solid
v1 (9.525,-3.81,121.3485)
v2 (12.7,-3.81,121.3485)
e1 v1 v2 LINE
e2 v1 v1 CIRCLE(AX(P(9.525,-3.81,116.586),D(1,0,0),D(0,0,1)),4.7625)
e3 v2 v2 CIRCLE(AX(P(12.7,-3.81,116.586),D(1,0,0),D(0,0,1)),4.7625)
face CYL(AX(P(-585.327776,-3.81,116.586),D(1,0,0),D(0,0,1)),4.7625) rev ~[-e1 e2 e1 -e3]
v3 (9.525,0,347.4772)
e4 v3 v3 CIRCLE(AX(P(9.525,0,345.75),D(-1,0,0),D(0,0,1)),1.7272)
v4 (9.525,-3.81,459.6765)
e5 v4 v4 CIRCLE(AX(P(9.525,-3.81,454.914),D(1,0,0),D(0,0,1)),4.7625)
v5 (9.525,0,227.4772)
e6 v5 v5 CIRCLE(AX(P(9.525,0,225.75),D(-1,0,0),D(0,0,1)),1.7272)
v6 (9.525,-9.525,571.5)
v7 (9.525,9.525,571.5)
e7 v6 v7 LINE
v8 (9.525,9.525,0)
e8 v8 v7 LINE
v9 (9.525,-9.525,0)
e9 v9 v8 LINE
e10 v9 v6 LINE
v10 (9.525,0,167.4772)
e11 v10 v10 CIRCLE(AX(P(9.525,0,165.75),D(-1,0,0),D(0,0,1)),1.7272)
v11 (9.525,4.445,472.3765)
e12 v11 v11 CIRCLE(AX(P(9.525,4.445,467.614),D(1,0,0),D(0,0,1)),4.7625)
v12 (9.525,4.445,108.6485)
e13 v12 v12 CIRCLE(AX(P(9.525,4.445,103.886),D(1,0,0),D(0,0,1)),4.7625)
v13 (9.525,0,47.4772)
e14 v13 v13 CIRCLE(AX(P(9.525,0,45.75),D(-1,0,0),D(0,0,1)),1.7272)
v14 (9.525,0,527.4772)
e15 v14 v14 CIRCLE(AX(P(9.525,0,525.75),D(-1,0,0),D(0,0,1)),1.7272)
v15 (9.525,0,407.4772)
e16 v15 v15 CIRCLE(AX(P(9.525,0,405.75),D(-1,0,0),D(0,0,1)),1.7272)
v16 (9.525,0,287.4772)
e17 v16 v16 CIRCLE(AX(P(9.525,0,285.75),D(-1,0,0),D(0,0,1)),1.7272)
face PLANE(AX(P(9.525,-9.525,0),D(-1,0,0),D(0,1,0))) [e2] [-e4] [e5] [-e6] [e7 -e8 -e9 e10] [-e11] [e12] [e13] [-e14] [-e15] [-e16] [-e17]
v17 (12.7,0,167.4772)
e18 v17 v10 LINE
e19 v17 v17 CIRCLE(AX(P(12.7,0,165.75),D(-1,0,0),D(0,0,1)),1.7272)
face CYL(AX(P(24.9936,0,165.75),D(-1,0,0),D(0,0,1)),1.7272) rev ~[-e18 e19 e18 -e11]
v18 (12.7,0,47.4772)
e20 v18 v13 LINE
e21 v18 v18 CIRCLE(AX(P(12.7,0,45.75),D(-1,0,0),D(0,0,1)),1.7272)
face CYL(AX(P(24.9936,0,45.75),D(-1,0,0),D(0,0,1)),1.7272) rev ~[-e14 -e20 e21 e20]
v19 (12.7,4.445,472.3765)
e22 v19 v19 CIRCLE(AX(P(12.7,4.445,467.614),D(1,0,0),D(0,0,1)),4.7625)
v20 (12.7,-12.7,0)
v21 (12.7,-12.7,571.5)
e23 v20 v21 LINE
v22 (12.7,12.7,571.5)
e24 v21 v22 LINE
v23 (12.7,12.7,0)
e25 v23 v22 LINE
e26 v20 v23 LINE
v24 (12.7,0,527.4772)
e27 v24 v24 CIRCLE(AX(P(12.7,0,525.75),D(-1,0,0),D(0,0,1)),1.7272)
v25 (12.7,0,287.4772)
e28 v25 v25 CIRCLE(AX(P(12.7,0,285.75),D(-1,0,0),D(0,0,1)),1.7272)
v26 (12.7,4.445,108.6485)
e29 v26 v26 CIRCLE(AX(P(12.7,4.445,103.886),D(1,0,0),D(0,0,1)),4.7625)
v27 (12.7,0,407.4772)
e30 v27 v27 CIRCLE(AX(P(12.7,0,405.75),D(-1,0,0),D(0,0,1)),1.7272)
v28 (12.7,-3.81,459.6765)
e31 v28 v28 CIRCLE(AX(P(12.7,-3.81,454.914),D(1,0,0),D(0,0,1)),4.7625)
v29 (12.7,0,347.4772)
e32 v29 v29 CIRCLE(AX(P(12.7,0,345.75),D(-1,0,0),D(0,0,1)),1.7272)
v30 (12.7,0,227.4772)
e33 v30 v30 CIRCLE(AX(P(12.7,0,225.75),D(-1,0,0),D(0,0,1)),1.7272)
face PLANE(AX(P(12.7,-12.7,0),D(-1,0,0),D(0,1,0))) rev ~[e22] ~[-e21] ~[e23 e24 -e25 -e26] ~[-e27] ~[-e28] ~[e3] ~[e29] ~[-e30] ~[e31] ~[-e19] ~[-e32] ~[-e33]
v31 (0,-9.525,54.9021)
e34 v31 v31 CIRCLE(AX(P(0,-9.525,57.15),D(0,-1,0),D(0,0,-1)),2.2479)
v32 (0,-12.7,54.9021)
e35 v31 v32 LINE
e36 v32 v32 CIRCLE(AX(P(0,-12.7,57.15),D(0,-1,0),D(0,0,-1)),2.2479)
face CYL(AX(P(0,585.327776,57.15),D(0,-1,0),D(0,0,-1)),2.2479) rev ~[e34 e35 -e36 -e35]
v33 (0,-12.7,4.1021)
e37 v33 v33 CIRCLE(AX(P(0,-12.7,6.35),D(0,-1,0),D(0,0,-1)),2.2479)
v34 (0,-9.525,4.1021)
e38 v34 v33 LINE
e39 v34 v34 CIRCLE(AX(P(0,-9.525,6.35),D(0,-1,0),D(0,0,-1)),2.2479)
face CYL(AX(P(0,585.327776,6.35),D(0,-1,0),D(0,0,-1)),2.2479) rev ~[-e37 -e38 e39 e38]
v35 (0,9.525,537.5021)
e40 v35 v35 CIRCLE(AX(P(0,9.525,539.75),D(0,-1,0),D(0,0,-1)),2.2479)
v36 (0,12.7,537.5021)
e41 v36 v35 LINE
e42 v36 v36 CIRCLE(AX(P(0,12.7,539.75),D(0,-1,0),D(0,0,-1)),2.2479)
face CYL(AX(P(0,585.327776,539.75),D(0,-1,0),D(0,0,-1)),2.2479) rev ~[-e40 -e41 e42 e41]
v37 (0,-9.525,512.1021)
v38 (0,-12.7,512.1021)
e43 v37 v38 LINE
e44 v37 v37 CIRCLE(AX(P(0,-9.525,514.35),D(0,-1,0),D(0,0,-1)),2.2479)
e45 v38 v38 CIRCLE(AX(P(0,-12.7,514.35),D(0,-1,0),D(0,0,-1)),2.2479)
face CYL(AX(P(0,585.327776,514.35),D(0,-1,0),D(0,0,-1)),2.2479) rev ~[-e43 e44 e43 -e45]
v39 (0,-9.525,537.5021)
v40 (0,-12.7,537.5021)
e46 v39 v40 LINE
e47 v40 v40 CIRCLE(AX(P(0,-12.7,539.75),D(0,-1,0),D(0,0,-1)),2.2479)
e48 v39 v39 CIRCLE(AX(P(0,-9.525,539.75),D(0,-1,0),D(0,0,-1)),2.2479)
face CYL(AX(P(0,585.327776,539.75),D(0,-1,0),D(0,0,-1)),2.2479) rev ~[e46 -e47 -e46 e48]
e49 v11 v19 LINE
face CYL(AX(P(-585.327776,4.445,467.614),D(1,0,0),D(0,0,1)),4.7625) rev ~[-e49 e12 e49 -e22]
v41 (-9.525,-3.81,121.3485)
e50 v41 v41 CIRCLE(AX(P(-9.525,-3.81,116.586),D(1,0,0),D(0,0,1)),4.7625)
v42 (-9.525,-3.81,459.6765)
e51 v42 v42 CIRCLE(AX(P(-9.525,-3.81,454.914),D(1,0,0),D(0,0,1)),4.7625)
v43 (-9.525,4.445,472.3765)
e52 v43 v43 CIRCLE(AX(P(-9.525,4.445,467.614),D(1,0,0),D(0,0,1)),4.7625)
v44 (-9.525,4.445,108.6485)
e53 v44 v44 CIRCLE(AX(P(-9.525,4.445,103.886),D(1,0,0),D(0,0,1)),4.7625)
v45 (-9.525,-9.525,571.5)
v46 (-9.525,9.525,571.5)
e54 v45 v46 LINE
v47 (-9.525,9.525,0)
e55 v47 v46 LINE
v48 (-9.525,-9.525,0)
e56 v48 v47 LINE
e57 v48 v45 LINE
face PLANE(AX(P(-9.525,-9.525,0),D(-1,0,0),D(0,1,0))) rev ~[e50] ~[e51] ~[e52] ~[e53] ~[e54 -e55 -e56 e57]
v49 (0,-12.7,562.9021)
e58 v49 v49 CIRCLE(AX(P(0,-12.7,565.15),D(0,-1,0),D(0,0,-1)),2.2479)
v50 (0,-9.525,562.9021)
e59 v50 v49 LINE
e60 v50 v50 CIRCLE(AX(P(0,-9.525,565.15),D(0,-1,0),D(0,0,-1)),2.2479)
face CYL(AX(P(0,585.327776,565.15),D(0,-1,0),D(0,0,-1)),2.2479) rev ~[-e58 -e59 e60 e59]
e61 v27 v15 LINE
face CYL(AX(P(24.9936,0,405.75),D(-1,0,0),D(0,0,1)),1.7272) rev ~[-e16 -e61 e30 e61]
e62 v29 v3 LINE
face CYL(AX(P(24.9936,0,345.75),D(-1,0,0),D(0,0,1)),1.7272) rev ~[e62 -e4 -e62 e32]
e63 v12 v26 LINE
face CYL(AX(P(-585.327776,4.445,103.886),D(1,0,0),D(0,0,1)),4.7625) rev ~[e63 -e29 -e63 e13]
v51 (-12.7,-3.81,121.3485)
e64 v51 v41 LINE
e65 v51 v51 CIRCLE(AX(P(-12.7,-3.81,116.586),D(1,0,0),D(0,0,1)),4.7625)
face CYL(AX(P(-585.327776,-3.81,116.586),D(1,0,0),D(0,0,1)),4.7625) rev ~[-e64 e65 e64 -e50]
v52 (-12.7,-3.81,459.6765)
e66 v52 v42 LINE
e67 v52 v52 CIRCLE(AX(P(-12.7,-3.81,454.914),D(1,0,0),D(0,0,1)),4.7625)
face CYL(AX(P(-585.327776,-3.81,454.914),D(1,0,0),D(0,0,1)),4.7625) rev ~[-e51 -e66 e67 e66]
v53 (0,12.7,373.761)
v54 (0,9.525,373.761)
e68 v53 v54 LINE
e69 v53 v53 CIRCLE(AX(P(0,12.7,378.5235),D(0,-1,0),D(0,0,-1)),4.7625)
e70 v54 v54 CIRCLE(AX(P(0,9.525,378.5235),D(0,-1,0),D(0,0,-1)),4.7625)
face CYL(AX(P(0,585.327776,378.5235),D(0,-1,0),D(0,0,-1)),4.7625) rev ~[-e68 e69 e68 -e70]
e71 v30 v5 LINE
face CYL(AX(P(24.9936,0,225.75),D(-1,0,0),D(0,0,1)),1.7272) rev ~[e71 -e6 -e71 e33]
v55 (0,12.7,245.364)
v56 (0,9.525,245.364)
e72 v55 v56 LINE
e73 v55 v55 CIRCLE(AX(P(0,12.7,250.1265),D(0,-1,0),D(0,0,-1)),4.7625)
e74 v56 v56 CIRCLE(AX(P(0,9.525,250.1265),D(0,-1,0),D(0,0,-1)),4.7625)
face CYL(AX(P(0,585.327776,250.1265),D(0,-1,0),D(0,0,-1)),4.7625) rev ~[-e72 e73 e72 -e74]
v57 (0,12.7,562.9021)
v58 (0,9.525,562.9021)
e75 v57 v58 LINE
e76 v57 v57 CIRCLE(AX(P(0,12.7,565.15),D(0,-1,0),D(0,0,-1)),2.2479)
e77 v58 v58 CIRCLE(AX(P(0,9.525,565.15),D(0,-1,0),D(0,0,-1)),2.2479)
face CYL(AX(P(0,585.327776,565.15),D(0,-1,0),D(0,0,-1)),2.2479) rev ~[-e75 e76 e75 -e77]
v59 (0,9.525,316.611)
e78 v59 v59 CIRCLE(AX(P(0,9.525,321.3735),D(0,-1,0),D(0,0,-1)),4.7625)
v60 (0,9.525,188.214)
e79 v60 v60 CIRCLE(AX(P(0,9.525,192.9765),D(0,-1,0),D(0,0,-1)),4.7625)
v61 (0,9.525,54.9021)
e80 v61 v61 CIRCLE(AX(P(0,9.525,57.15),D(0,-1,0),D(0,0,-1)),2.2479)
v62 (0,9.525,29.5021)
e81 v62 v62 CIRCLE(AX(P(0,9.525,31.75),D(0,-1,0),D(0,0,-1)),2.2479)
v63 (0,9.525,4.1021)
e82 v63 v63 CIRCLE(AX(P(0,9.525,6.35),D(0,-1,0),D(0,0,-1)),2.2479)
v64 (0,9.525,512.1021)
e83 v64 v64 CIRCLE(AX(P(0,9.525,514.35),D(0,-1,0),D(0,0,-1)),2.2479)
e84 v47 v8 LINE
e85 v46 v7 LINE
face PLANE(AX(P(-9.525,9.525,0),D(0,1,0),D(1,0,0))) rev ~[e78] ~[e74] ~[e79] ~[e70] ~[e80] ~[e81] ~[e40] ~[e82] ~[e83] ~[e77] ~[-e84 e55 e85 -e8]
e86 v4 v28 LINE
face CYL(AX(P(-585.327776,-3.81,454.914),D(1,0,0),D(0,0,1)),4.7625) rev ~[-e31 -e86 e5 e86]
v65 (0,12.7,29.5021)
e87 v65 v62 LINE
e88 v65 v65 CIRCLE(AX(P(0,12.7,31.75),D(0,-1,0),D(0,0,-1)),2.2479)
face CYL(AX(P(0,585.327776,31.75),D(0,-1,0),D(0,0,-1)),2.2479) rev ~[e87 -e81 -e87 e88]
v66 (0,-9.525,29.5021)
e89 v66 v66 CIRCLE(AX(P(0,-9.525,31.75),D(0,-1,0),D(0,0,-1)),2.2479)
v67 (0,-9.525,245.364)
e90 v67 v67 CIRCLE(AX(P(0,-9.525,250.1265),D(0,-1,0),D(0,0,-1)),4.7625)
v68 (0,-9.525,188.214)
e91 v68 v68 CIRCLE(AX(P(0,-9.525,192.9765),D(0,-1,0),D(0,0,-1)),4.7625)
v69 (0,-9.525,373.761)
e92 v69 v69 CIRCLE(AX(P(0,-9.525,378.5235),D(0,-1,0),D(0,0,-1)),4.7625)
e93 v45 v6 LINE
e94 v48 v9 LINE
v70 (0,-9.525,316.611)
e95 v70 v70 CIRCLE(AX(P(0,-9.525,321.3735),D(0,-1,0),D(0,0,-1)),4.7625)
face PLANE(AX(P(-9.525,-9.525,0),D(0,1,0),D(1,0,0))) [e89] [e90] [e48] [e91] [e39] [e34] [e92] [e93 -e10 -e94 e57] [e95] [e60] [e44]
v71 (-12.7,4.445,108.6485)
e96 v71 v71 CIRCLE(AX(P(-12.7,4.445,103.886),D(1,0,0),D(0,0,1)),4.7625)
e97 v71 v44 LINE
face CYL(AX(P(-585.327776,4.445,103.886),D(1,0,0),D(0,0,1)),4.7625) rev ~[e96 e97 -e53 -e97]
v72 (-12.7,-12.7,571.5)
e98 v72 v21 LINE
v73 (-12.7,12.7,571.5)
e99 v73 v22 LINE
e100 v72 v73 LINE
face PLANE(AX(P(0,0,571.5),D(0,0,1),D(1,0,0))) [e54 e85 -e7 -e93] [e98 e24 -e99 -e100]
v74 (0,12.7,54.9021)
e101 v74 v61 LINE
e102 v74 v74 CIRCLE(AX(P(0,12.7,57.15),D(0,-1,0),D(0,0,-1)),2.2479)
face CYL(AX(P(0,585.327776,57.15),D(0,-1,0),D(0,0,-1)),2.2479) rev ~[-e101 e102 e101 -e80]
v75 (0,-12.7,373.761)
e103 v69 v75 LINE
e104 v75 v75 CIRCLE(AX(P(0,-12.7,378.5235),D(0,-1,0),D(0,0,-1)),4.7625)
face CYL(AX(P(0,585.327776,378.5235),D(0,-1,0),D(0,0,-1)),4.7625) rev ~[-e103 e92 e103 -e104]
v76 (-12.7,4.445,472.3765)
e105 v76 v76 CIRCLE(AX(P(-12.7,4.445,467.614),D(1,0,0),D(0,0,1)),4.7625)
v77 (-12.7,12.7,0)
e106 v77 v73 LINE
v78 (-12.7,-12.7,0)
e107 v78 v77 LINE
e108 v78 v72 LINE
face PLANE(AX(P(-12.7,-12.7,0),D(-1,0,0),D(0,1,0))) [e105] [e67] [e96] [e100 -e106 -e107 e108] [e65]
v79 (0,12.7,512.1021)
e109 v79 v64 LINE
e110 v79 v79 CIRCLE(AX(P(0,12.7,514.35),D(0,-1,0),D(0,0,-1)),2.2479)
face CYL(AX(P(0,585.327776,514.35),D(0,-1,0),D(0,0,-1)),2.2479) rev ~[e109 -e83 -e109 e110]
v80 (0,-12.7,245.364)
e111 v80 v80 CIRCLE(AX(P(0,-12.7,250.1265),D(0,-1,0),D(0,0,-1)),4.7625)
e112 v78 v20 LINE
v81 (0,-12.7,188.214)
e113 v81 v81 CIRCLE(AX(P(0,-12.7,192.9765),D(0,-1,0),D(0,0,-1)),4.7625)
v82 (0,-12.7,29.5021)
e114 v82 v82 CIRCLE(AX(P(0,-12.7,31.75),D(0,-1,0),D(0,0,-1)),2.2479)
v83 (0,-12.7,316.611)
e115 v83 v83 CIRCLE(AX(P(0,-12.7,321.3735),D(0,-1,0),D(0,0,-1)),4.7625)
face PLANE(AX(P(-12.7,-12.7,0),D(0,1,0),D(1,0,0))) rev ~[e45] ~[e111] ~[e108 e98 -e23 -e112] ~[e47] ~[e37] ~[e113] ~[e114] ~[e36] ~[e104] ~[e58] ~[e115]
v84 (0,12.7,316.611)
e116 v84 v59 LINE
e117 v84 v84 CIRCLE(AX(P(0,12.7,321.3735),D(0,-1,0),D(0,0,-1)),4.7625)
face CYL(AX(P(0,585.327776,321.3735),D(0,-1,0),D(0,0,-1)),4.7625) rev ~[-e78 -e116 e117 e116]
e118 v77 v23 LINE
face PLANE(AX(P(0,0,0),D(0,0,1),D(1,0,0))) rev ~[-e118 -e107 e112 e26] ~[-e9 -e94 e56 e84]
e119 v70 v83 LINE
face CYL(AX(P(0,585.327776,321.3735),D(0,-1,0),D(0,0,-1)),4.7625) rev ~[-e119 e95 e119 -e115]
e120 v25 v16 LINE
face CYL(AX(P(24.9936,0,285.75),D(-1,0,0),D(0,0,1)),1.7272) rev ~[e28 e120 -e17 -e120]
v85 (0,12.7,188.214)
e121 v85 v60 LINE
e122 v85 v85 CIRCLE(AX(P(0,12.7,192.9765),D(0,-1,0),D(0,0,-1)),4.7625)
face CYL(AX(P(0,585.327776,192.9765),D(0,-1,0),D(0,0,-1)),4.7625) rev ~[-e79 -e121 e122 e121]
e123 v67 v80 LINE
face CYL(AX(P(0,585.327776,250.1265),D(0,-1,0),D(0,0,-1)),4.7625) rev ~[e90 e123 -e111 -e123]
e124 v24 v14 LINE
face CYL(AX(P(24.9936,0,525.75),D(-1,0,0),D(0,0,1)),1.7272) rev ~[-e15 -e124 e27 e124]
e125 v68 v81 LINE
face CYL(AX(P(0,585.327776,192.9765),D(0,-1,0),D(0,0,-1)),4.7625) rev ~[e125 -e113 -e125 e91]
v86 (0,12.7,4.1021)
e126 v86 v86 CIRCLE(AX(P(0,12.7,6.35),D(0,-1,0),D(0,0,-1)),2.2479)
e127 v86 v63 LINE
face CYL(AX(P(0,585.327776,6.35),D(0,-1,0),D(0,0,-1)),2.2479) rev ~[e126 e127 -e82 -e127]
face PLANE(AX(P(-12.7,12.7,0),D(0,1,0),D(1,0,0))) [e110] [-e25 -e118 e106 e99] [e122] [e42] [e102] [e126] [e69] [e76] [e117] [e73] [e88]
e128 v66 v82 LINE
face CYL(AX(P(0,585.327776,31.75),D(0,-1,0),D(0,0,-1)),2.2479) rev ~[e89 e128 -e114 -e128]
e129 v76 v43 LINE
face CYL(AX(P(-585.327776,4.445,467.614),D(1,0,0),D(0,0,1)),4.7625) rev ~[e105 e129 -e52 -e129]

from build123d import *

# Parameters (mm, degrees)
SKETCH1_W                    = 25.4
SKETCH1_H                    = 25.4
SKETCH1_W_2                  = 19.05
SKETCH1_H_2                  = 19.05
EXTRUDE_THIN1_DEPTH          = 571.5
F_8_CLEARANCE_HOLE1_D        = 4.4958
F_8_32_TAPPED_HOLE1_D        = 3.4544
F_8_32_TAPPED_HOLE1_DEPTH    = 12.2936
F_8_32_TAPPED_HOLE1_TIP      = 1.037806461
F_3_8_0_375_DIAMETER_HOLE2_D = 9.525
F_3_8_0_375_DIAMETER_HOLE3_D = 9.525


with BuildPart() as part:
    # Sketch1 → Extrude-Thin1 (new body)
    with BuildSketch(Plane.XY):
        Rectangle(SKETCH1_W, SKETCH1_H)
        Rectangle(SKETCH1_W_2, SKETCH1_H_2, mode=Mode.SUBTRACT)
    extrude(amount=EXTRUDE_THIN1_DEPTH)

    # #8 Clearance Hole1 (through all)
    with Locations(Plane(origin=(0, 12.7, 565.15), x_dir=(0, 0, 1), z_dir=(0, 1, 0))):
        with Locations((0, 0), (-558.8, 0), (-533.4, 0), (-508, 0), (-25.4, 0), (-50.8, 0)):
            Hole(F_8_CLEARANCE_HOLE1_D / 2)

    # #8-32 Tapped Hole1
    with Locations(Plane(origin=(12.7, -82.55, 285.75), x_dir=(0, 0, -1), z_dir=(1, 0, 0))):
        with Locations((-240, 82.55), (-120, 82.55), (-60, 82.55), (0, 82.55), (60, 82.55), (120, 82.55), (240, 82.55)):
            Hole(F_8_32_TAPPED_HOLE1_D / 2, depth=F_8_32_TAPPED_HOLE1_DEPTH)
            with Locations((0, 0, -(F_8_32_TAPPED_HOLE1_DEPTH + F_8_32_TAPPED_HOLE1_TIP / 2))):  # 118° drill point
                Cone(0, F_8_32_TAPPED_HOLE1_D / 2, F_8_32_TAPPED_HOLE1_TIP, mode=Mode.SUBTRACT)

    # 3/8 (0.375) Diameter Hole2 (through all)
    with Locations(Plane(origin=(-12.7, -82.55, 285.75), x_dir=(0, 0, -1), z_dir=(-1, 0, 0))):
        with Locations((-181.864, -86.995), (-169.164, -78.74), (169.164, -78.74), (181.864, -86.995), (181.864, -57.15), (-181.864, -57.15)):
            Hole(F_3_8_0_375_DIAMETER_HOLE2_D / 2)

    # 3/8 (0.375) Diameter Hole3 (through all)
    with Locations(Plane(origin=(-346.075, 12.7, 285.75), x_dir=(0, 0, 1), z_dir=(0, 1, 0))):
        with Locations((-92.7735, 346.075), (-35.6235, 346.075), (35.6235, 346.075), (92.7735, 346.075), (-19.05, -346.775), (53.975, -346.775), (127, -346.775), (-381, -114.3), (-381, -130.175), (-381, -146.05), (-381, 114.3), (-381, 98.425), (-381, 82.55)):
            Hole(F_3_8_0_375_DIAMETER_HOLE3_D / 2)


solid = part.part
